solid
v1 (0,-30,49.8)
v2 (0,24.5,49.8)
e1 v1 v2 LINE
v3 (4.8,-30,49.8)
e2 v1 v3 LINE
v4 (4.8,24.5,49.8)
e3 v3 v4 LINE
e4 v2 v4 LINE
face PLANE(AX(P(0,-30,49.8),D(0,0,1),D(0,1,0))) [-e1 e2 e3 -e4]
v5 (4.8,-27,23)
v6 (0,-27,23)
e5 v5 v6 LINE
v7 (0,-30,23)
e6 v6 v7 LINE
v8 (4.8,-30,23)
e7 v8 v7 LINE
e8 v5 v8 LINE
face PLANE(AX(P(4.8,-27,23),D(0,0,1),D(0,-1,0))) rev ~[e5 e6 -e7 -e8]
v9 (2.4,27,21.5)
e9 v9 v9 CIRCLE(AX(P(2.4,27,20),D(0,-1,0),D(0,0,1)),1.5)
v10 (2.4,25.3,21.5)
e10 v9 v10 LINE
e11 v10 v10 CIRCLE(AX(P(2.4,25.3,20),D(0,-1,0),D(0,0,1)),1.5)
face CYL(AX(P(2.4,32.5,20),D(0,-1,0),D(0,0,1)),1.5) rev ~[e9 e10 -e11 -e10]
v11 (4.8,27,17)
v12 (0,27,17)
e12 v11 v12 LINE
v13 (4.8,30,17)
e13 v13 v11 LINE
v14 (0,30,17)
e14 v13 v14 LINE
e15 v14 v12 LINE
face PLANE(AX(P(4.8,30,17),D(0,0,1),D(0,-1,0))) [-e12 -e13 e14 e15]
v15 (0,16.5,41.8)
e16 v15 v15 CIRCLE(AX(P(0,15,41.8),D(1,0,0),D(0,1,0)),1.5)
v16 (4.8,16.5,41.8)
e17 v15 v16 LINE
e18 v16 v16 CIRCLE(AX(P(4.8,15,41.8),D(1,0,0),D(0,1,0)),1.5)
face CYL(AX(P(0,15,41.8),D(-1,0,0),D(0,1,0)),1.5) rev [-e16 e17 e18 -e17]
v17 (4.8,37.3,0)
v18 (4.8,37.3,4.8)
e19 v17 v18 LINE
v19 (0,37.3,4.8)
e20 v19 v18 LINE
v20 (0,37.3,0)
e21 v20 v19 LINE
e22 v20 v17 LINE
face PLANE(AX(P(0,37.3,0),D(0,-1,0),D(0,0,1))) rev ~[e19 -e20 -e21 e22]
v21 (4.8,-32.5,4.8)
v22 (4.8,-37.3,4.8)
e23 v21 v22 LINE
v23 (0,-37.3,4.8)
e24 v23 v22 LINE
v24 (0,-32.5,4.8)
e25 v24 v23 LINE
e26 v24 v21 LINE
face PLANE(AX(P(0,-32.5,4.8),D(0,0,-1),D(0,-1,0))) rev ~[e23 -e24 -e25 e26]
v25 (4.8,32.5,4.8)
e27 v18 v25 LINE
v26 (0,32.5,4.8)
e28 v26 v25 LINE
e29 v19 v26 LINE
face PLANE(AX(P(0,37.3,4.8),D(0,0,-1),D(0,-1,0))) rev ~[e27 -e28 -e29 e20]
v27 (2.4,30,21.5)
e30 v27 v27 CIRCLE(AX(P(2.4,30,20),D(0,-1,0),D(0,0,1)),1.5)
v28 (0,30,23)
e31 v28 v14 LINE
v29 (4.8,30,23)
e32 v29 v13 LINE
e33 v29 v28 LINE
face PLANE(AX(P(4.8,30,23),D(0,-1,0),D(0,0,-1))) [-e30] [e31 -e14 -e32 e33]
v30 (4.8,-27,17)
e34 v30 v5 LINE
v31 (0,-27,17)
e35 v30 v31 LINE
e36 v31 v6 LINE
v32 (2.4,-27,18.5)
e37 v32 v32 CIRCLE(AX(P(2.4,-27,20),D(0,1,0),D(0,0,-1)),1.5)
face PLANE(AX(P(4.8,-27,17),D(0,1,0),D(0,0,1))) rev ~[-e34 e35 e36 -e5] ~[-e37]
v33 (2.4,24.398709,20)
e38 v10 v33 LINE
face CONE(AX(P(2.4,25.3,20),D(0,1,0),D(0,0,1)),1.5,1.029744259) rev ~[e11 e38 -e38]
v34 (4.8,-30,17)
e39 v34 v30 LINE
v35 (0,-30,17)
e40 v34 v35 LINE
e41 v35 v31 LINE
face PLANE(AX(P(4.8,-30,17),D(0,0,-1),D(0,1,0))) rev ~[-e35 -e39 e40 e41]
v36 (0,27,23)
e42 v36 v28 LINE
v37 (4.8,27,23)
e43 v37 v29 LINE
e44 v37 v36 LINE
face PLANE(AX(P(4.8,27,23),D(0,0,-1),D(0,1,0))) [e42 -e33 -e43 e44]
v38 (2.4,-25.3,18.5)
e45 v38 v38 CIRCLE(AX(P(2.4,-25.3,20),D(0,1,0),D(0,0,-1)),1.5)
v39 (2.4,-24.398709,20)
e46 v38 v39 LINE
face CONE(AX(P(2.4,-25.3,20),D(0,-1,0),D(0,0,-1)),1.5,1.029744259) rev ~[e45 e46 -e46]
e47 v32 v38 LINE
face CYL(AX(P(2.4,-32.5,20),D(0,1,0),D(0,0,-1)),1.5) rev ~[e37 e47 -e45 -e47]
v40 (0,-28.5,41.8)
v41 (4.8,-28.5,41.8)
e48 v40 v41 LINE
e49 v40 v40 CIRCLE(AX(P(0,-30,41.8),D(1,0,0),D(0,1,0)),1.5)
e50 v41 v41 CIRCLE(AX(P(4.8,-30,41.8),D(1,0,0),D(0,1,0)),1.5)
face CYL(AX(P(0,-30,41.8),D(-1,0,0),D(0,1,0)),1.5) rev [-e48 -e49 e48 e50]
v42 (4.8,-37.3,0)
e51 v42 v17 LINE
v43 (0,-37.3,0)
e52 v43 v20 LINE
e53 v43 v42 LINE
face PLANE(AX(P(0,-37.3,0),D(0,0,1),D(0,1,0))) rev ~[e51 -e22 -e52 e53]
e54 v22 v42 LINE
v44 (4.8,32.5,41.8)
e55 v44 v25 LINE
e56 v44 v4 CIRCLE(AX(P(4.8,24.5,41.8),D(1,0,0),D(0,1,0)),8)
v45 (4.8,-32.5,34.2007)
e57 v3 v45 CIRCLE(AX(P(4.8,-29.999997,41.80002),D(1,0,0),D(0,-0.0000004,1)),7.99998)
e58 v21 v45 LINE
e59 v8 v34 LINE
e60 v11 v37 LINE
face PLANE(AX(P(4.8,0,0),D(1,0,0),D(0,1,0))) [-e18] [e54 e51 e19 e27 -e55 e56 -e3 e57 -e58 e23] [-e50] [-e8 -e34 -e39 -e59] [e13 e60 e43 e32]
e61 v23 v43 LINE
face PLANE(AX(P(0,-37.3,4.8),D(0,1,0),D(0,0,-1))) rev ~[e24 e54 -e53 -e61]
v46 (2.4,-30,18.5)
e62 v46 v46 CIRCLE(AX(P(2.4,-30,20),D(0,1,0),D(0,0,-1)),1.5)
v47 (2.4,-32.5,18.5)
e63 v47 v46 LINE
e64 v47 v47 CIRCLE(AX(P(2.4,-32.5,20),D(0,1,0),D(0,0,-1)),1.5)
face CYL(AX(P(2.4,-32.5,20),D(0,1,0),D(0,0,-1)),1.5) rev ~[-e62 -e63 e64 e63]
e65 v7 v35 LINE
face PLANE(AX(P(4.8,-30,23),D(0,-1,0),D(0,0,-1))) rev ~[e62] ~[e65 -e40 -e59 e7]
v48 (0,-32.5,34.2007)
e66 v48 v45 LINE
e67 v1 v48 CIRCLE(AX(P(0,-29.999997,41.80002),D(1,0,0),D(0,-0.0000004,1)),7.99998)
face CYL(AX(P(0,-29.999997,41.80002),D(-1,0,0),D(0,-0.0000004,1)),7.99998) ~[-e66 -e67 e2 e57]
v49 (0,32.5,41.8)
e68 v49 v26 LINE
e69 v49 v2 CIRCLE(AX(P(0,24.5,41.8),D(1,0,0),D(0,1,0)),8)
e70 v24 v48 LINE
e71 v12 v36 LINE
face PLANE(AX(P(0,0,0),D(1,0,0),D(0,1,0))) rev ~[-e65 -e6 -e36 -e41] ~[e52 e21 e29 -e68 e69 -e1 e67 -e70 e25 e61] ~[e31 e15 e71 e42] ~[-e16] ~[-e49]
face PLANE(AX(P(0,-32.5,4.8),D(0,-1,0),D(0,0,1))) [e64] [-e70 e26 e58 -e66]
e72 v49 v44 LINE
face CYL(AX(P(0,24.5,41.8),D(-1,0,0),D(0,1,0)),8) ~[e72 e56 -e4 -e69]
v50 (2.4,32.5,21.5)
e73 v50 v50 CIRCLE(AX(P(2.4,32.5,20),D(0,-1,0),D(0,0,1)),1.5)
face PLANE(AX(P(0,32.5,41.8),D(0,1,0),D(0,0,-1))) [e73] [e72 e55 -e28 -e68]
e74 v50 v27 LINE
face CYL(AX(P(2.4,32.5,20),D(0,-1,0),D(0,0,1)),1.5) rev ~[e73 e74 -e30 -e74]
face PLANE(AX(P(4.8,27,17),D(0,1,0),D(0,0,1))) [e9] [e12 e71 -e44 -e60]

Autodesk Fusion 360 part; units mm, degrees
sketch "Sketch1" plane through (0, 0, 0) normal (1, 0, 0) x (0, 1, 0)
  line L0 (-32.5, 4.8) -> (-37.3, 4.8)
  line L1 (-37.3, 4.8) -> (-37.3, 0)
  line L2 (-37.3, 0) -> (37.3, 0)
  line L3 (37.3, 0) -> (37.3, 4.8)
  line L4 (37.3, 4.8) -> (32.5, 4.8)
  line L5 (-32.5, 4.8) -> (-32.5, 34.2007)
  line L6 (-30, 49.8) -> (24.5, 49.8)
  line L7 (32.5, 41.8) -> (32.5, 4.8)
  line L8 (-30, 41.8) -> (15, 41.8) construction
  circle A0 centre (-30, 41.8) radius 1.5
  line L9 (15, 41.8) -> (24.5, 41.8) construction
  arc A1 (24.5, 49.8) -> (32.5, 41.8) centre (24.5, 41.8) ccw construction
  arc A2 (32.5, 41.8) -> (24.5, 49.8) centre (24.5, 41.8) ccw
  line L10 (24.5, 49.8) -> (32.5, 49.8) construction
  line L11 (32.5, 49.8) -> (32.5, 41.8) construction
  circle A3 centre (15, 41.8) radius 1.5
  circle A4 centre (-25, 41.8) radius 5 construction
  circle A5 centre (25, 41.8) radius 5 construction
  line L12 (-25, 41.8) -> (25, 41.8) construction
  line L13 (0, 41.8) -> (0, 0) construction
  arc A6 (-32.5, 34.2007) -> (-30, 49.8) centre (-30, 41.8) ccw construction
  arc A7 (-30, 49.8) -> (-32.5, 34.2007) centre (-30, 41.8) ccw
  point P0 (0, 41.8)
  dimension "d1" = 4.8
  dimension "d2" = 4.8
  dimension "d3" = 74.6
  dimension "d4" = 4.8
  dimension "d5" = 4.8
  dimension "d6" = 45
  dimension "d8" = 45
  dimension "d9" = 8
  dimension "d11" = 3
  dimension "d12" = 16
  dimension "d13" = 3
  dimension "d14" = 10
  dimension "d15" = 10
  dimension "d16" = 50
  dimension "d17" = 10
extrude "Extrude1" add sketch "Sketch1" along normal blind 4.8
sketch "Sketch2" plane through (0, -32.5, 0) normal (0, -1, 0) x (1, 0, 0)
  line L0 (0, 34.2007) -> (0, 4.8)
  line L1 (0, 4.8) -> (4.8, 4.8)
  line L2 (4.8, 4.8) -> (4.8, 34.2007)
  line L3 (4.8, 34.2007) -> (0, 34.2007)
  line L4 (0, 4.8) -> (0, 0)
  line L5 (0, 0) -> (4.8, 0)
  line L6 (4.8, 0) -> (4.8, 4.8)
  line L7 (4.8, 4.8) -> (0, 4.8)
  circle A0 centre (2.4, 20) radius 1.5
  dimension "d20" = 3
  dimension "d21" = 20
  dimension "d22" = 2.4
hole "Hole1" at (2.4, -32.5, 20) direction (0, 1, 0) diameter 3 depth 7.2 tip angle 118
sketch "Sketch3" plane through (0, 32.5, 0) normal (0, 1, 0) x (-1, 0, 0)
  line L0 (0, 4.8) -> (0, 41.8)
  line L1 (0, 41.8) -> (-4.8, 41.8)
  line L2 (-4.8, 41.8) -> (-4.8, 4.8)
  line L3 (-4.8, 4.8) -> (0, 4.8)
  line L4 (0, 0) -> (0, 4.8)
  line L5 (0, 4.8) -> (-4.8, 4.8)
  line L6 (-4.8, 4.8) -> (-4.8, 0)
  line L7 (-4.8, 0) -> (0, 0)
  circle A0 centre (-2.4, 20) radius 1.5
  dimension "d26" = 3
  dimension "d27" = 20
  dimension "d28" = 2.4
hole "Hole2" at (2.4, 32.5, 20) direction (0, -1, 0) diameter 3 depth 7.2 tip angle 118
sketch "Sketch4" plane through (4.8, 0, 0) normal (1, 0, 0) x (0, 1, 0)
  circle A0 centre (15, 41.8) radius 1.5
  circle A1 centre (-30, 41.8) radius 1.5
  arc A2 (32.5, 41.8) -> (24.5, 49.8) centre (24.5, 41.8) ccw
  line L0 (24.5, 49.8) -> (-30, 49.8)
  arc A3 (-30, 49.8) -> (-32.5, 34.2007) centre (-30, 41.8) ccw
  line L1 (-32.5, 34.2007) -> (-32.5, 4.8)
  line L2 (-32.5, 4.8) -> (-37.3, 4.8)
  line L3 (-37.3, 4.8) -> (-37.3, 0)
  line L4 (-37.3, 0) -> (37.3, 0)
  line L5 (37.3, 0) -> (37.3, 4.8)
  line L6 (37.3, 4.8) -> (32.5, 4.8)
  line L7 (32.5, 4.8) -> (32.5, 41.8)
  line L8 (-32.5, 18.5) -> (-25.3, 18.5) construction
  line L9 (-25.3, 18.5) -> (-25.3, 21.5) construction
  line L10 (-25.3, 21.5) -> (-32.5, 21.5) construction
  line L11 (32.5, 21.5) -> (25.3, 21.5) construction
  line L12 (25.3, 21.5) -> (25.3, 18.5) construction
  line L13 (25.3, 18.5) -> (32.5, 18.5) construction
  line L14 (-25.3, 20) -> (25.3, 20) construction
  line L15 (-30, 17) -> (-27, 17)
  line L16 (-27, 17) -> (-27, 23)
  line L17 (-27, 23) -> (-30, 23)
  line L18 (-30, 23) -> (-30, 17)
  line L19 (-25.3, 20) -> (-27, 20) construction
  line L20 (27, 23) -> (30, 23)
  line L21 (30, 23) -> (30, 17)
  line L22 (30, 17) -> (27, 17)
  line L23 (27, 17) -> (27, 23)
  line L24 (27, 20) -> (25.3, 20) construction
  point P0 (-25.3, 20)
  point P1 (25.3, 20)
  point P2 (-27, 20)
  point P3 (27, 20)
  dimension "d32" = 7.2
  dimension "d33" = 3
  dimension "d34" = 7.2
  dimension "d35" = 3
  dimension "d36" = 20
  dimension "d37" = 3
  dimension "d38" = 6
  dimension "d39" = 2.5
  dimension "d40" = 3
  dimension "d41" = 6
  dimension "d42" = 2.5
extrude "Extrude2" cut sketch "Sketch4" against normal through all contours L15 L16 L17 L18 | L20 L21 L22 L23
